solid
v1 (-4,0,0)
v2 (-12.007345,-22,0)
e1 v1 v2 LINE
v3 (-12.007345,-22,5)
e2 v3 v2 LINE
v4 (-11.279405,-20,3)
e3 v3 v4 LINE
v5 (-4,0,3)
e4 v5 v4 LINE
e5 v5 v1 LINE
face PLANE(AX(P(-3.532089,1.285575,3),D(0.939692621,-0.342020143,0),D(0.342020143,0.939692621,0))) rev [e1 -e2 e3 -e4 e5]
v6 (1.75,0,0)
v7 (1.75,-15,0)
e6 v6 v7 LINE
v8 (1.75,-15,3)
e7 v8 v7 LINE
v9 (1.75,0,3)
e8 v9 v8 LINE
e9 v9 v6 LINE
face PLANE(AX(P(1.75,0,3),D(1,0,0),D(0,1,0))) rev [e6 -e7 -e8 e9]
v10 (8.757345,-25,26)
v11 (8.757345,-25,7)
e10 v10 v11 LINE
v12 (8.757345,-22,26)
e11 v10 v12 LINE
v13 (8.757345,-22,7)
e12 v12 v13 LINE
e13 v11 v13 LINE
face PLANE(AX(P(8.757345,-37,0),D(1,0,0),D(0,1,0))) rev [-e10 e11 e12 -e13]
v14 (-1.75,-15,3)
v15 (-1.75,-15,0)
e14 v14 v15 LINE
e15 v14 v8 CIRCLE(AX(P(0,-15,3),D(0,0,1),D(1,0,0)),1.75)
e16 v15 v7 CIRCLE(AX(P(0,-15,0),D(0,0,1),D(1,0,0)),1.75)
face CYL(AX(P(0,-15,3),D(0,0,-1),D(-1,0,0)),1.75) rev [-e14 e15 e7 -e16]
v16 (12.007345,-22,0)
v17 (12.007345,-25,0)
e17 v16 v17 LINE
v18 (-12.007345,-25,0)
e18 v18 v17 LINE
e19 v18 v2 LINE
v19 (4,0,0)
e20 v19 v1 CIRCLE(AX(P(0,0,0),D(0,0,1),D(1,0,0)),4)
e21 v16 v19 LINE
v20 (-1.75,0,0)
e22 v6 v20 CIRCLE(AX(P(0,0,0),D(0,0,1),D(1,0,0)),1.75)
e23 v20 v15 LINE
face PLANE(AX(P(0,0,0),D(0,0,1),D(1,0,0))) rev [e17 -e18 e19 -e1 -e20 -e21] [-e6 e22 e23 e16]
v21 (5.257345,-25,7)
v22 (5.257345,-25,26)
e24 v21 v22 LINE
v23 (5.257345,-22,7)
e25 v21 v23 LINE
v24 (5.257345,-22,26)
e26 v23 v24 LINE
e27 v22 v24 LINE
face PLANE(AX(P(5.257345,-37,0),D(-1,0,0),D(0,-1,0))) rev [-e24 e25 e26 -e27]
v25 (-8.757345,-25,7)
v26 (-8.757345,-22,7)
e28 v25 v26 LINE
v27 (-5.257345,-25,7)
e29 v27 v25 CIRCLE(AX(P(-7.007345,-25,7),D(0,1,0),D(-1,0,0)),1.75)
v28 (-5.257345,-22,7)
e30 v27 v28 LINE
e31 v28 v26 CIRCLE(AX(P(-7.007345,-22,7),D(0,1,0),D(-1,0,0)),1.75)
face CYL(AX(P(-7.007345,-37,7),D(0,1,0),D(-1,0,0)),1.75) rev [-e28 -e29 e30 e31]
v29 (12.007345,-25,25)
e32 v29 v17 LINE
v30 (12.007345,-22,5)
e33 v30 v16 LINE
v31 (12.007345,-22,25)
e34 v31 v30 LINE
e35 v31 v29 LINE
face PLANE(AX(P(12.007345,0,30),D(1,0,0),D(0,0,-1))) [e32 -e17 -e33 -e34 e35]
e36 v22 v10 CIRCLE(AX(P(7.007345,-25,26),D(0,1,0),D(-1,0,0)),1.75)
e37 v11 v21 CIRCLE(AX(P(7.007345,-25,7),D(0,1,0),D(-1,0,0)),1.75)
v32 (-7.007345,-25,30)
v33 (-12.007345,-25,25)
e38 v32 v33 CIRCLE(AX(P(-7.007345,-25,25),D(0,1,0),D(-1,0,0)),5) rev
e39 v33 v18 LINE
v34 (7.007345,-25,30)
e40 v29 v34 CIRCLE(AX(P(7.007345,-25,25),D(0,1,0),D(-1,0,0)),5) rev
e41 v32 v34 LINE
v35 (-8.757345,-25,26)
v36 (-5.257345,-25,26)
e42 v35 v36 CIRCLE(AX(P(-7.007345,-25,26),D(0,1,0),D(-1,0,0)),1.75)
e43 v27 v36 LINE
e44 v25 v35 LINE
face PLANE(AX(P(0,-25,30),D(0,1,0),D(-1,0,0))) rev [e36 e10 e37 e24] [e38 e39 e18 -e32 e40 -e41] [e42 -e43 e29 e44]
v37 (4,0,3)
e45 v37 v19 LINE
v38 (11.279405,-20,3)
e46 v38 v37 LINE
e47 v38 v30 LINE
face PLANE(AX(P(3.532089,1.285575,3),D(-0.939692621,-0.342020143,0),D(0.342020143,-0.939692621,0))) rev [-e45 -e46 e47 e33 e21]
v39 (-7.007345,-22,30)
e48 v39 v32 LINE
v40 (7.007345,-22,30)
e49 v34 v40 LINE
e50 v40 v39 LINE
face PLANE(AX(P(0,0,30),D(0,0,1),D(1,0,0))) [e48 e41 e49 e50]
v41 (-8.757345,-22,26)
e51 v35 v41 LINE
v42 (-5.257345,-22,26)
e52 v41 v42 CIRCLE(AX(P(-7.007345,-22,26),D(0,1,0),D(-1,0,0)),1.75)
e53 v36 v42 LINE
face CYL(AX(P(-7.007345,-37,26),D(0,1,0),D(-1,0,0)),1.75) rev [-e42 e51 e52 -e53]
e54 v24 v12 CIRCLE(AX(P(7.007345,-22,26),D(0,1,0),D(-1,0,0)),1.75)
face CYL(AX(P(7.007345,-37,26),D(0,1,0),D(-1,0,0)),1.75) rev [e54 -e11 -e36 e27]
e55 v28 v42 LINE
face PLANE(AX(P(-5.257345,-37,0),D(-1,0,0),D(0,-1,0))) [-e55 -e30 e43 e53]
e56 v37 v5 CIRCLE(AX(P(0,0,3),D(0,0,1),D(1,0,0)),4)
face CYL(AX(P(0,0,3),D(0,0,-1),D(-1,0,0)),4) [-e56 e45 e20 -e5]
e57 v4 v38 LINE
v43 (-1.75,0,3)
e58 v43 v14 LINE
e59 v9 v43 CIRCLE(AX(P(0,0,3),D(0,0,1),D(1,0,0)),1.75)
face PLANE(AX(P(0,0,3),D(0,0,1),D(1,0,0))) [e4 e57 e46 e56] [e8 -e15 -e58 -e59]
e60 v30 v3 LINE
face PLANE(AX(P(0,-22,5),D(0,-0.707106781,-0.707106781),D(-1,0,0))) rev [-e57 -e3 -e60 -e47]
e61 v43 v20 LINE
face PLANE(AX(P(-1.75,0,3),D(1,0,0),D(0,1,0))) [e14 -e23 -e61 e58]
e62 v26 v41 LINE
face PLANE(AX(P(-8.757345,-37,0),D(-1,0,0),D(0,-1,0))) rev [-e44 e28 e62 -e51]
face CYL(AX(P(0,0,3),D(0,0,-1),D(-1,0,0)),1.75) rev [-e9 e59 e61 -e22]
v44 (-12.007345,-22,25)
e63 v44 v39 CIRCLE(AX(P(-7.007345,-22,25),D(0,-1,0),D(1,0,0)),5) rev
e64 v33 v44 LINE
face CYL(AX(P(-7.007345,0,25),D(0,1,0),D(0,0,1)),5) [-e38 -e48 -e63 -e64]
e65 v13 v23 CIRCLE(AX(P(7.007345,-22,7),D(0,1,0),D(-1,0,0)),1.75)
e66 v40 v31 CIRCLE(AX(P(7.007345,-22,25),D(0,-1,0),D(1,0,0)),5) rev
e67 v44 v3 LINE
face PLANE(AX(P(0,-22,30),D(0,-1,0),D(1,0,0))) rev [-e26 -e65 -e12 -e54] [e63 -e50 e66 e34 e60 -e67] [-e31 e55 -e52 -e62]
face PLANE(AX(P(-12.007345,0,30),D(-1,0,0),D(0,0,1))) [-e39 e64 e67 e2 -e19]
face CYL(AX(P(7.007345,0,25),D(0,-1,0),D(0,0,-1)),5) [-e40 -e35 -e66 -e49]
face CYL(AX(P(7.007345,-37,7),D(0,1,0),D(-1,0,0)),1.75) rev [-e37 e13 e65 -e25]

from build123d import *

# Parameters (mm, degrees)
EXTRUDE_1_DEPTH     = 3
SKETCH_1_3_W        = 24.014690308
SKETCH_1_3_H        = 3
EXTRUDE_2_DEPTH     = 30
CUT_EXTRUDE_1_DEPTH = 15
FILLET_1_R          = 5
CHAMFER_1_SIZE      = 2


with BuildPart() as part:
    # 草图1 → 凸台-拉伸1 (new body)
    with BuildSketch(Plane.XY):
        with BuildLine():
            Line((12.007345154, -22), (4, 0))
            ThreePointArc((4, 0), (0, 4), (-4, 0))
            Line((-4, 0), (-12.007345154, -22))
            Line((-12.007345154, -22), (12.007345154, -22))
        make_face()
        with BuildLine():
            Line((-1.75, -15), (-1.75, 0))
            ThreePointArc((-1.75, 0), (0, 1.75), (1.75, 0))
            Line((1.75, 0), (1.75, -15))
            ThreePointArc((1.75, -15), (0, -16.75), (-1.75, -15))
        make_face(mode=Mode.SUBTRACT)
    extrude(amount=EXTRUDE_1_DEPTH)

    # 草图1<3> → 凸台-拉伸2 (add)
    with BuildSketch(Plane.XY):
        with Locations((0, -23.5)):
            Rectangle(SKETCH_1_3_W, SKETCH_1_3_H)
    extrude(amount=EXTRUDE_2_DEPTH)

    # 草图2 → 切除-拉伸1 (cut)
    with BuildSketch(Plane(origin=(0, -22, 0), x_dir=(1, 0, 0), z_dir=(0, 1, 0))):
        with BuildLine():
            ThreePointArc((-5.257345154, -7), (-7.007345154, -5.25), (-8.757345154, -7))
            Line((-8.757345154, -7), (-8.757345154, -26))
            ThreePointArc((-8.757345154, -26), (-7.007345154, -27.75), (-5.257345154, -26))
            Line((-5.257345154, -26), (-5.257345154, -7))
        make_face()
        with BuildLine():
            Line((8.757345154, -26), (8.757345154, -7))
            ThreePointArc((8.757345154, -7), (7.007345154, -5.25), (5.257345154, -7))
            Line((5.257345154, -7), (5.257345154, -26))
            ThreePointArc((5.257345154, -26), (7.007345154, -27.75), (8.757345154, -26))
        make_face()
    extrude(amount=-CUT_EXTRUDE_1_DEPTH, mode=Mode.SUBTRACT)

    # 圆角1
    fillet_1_edges = [part.edges().sort_by_distance(p)[0] for p in [
        (-12.007345154, -23.5, 30),
        (12.007345154, -23.5, 30),
    ]]
    fillet(fillet_1_edges, radius=FILLET_1_R)

    # 倒角1
    chamfer_1_edges = [part.edges().sort_by_distance(p)[0] for p in [
        (0, -22, 3),
    ]]
    chamfer(chamfer_1_edges, length=CHAMFER_1_SIZE)


solid = part.part
